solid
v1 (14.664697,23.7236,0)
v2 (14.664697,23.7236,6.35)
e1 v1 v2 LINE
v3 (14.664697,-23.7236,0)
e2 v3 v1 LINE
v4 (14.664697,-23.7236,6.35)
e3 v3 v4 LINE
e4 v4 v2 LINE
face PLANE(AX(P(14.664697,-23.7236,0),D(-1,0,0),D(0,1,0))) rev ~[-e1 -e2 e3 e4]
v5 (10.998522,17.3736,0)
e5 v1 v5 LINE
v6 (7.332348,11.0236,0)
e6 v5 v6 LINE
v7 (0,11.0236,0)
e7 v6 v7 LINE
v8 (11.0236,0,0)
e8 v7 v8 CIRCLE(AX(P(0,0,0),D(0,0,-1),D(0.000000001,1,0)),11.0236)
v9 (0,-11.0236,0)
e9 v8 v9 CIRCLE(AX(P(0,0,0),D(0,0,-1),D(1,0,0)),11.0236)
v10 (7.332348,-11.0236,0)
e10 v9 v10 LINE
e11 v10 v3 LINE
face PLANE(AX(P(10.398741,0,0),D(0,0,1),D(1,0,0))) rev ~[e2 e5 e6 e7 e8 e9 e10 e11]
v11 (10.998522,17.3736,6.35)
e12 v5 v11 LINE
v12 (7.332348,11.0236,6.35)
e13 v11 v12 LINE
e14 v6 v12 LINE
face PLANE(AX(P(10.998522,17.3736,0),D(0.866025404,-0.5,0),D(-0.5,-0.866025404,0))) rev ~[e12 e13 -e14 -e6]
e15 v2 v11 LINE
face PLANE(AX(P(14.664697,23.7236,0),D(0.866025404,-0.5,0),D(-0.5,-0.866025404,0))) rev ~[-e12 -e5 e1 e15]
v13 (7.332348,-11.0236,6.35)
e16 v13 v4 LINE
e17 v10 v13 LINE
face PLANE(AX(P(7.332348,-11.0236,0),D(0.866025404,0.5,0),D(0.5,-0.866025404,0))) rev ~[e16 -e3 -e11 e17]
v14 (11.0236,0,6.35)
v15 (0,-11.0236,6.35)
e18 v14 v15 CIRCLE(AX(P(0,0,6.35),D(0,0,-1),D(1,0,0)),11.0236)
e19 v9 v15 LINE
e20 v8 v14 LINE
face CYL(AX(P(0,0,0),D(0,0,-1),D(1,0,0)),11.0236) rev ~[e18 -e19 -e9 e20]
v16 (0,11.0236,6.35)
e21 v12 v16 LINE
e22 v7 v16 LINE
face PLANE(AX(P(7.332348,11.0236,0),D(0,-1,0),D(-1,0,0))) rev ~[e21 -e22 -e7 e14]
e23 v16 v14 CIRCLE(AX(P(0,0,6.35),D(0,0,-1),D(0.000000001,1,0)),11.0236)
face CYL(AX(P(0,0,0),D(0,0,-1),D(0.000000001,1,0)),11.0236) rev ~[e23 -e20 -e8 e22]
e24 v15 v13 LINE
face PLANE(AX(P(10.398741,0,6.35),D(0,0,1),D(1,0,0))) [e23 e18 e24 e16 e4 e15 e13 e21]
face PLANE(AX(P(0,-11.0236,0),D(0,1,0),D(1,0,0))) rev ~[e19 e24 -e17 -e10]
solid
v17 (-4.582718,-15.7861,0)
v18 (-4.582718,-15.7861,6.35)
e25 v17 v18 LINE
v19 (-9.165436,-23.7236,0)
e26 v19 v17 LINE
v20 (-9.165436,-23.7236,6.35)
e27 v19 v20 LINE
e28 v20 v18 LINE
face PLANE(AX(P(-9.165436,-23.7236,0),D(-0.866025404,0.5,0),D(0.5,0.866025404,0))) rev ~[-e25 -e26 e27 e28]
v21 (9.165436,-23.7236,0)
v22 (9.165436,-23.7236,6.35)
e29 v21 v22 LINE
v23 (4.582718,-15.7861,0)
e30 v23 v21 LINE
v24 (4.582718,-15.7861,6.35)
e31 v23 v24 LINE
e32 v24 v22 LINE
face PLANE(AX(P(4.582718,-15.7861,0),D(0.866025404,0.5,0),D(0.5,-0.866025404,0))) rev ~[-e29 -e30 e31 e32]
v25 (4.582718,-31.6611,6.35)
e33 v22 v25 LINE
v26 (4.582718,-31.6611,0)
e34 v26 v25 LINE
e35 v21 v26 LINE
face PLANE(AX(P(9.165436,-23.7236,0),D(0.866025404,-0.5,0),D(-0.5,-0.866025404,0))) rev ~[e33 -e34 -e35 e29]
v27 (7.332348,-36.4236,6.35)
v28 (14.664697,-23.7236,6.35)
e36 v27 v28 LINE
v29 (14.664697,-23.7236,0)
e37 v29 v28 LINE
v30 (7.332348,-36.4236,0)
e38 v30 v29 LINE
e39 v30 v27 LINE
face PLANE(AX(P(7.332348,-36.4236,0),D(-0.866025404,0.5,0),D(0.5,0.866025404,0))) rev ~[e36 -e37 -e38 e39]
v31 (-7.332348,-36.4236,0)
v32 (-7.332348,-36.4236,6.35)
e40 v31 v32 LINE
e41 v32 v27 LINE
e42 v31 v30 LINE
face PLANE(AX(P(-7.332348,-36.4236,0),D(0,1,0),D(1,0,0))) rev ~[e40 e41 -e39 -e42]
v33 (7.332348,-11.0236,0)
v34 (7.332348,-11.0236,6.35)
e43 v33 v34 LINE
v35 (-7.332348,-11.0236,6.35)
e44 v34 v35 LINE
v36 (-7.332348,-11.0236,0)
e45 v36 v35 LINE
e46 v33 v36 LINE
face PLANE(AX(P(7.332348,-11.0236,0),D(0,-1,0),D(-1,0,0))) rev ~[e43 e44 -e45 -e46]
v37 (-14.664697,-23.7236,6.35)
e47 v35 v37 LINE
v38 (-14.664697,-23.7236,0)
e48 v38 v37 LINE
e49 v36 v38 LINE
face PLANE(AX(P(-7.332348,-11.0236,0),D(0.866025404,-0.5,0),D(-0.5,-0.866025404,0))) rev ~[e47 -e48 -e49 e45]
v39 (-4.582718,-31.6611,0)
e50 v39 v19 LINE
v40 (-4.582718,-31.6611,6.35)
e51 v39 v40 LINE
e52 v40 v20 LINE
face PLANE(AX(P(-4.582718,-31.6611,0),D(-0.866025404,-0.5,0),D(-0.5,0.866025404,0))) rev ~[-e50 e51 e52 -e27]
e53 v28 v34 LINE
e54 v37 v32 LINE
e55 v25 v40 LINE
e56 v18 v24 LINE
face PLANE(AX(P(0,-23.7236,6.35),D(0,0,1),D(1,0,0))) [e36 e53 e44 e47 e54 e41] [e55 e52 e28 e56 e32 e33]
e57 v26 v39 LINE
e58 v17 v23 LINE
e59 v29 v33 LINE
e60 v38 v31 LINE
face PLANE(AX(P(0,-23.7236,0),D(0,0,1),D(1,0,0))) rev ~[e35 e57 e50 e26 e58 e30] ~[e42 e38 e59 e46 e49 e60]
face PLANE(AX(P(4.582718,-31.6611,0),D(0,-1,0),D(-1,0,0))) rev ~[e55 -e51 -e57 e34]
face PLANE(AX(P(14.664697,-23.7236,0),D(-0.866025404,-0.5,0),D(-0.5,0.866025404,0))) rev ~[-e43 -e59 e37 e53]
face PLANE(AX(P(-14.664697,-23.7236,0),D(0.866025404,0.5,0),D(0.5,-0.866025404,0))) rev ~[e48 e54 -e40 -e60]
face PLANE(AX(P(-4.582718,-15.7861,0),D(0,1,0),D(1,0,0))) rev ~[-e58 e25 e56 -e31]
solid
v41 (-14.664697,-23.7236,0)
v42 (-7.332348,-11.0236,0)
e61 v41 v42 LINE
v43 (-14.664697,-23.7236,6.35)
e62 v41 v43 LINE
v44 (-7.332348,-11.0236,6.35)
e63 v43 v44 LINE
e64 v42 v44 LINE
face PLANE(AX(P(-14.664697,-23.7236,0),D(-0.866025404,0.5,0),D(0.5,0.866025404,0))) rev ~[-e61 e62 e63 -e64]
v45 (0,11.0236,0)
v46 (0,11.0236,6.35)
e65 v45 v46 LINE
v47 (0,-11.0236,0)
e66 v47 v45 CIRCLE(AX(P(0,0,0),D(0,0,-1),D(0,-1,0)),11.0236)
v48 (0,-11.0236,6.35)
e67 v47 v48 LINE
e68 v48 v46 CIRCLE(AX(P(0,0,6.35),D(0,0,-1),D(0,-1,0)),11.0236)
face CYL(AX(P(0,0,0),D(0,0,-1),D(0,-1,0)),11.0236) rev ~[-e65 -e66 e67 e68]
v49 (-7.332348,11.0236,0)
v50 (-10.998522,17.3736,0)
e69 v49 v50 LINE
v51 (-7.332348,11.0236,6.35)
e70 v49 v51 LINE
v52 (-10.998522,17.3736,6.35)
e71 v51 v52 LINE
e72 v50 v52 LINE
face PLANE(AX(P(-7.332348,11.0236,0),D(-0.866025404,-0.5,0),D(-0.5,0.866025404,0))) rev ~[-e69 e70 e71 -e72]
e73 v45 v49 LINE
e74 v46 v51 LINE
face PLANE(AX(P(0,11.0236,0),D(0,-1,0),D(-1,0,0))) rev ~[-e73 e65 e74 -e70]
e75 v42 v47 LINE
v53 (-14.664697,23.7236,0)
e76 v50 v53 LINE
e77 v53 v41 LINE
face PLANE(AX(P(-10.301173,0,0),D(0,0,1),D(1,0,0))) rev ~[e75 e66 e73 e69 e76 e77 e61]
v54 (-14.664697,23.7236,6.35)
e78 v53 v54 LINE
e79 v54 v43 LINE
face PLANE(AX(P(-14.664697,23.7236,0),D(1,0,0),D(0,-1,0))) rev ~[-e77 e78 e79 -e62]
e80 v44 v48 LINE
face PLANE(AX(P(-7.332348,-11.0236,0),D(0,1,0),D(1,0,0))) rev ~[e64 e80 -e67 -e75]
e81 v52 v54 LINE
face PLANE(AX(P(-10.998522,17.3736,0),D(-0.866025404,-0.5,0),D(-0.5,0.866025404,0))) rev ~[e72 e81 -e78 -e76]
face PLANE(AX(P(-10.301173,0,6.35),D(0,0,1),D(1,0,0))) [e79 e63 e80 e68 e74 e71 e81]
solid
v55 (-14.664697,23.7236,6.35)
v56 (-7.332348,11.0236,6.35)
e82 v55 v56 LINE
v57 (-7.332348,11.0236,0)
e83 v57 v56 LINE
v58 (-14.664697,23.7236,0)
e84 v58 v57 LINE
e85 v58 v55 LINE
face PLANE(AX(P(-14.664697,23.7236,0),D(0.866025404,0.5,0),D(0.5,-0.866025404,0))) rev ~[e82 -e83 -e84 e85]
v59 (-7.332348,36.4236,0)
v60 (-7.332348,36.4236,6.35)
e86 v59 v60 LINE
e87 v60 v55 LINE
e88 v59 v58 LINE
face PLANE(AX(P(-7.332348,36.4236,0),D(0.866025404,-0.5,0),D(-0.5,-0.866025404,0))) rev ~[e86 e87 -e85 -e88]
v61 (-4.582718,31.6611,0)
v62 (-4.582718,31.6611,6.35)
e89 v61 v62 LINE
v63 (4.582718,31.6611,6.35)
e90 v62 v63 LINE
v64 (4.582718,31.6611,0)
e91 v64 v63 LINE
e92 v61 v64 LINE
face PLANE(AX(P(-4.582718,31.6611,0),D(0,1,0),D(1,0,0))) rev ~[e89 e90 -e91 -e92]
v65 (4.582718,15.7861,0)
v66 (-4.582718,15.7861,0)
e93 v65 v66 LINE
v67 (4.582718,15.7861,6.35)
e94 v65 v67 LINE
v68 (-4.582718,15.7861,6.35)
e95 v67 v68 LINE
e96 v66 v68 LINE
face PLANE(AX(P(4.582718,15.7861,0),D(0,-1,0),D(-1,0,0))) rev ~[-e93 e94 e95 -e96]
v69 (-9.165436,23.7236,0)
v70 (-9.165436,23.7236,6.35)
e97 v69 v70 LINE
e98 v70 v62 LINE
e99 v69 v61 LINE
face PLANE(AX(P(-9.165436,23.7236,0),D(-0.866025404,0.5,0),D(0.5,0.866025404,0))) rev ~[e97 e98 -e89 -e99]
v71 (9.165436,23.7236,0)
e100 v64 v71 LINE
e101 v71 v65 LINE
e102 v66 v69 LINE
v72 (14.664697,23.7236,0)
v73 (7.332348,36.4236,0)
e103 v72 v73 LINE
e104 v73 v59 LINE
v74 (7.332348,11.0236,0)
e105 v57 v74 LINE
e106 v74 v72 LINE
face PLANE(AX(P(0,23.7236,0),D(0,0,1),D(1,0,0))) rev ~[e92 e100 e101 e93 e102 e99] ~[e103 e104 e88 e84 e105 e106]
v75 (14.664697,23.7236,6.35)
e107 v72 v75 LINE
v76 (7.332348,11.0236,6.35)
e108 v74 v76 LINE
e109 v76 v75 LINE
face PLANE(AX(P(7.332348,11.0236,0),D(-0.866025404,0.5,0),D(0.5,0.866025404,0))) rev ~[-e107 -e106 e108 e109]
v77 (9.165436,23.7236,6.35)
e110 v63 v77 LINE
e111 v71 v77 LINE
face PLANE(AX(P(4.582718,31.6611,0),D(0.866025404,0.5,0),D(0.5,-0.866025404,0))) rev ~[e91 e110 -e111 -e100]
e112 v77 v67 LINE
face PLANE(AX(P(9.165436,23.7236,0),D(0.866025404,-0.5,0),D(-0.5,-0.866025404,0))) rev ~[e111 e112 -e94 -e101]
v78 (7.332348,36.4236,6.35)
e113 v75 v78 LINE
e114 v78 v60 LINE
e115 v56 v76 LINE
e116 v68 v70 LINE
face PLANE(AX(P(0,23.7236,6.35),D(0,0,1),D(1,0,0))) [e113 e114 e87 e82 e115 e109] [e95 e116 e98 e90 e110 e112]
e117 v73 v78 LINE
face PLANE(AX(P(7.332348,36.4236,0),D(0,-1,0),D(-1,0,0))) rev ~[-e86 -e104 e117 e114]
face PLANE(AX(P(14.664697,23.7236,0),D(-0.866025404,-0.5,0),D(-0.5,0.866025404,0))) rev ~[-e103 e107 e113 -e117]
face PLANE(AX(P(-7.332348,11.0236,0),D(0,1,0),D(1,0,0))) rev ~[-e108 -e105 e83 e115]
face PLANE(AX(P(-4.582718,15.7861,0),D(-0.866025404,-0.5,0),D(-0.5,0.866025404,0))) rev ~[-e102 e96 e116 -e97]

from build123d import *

# Parameters (mm, degrees)
F2_DEPTH = 6.35


with BuildPart() as f2:
    # F0 (on Top) → F2 (new body)
    with BuildSketch(Plane.XY):
        Polygon((-7.3323484187, 11.0236), (0, 11.0236), (7.3323484187, 11.0236), (14.6646968374, 23.7236), (7.3323484187, 36.4236), (-7.3323484187, 36.4236), (-14.6646968374, 23.7236), align=None)
        Polygon((9.1654355234, 23.7236), (4.5827177617, 15.7861), (-4.5827177617, 15.7861), (-9.1654355234, 23.7236), (-4.5827177617, 31.6611), (4.5827177617, 31.6611), align=None, mode=Mode.SUBTRACT)
    extrude(amount=F2_DEPTH)


with BuildPart() as f2b:
    # F0 (on Top) → F2, piece 2 (new body)
    with BuildSketch(Plane.XY):
        Polygon((7.3323484187, -11.0236), (0, -11.0236), (-7.3323484187, -11.0236), (-14.6646968374, -23.7236), (-7.3323484187, -36.4236), (7.3323484187, -36.4236), (14.6646968374, -23.7236), align=None)
        Polygon((4.5827177617, -15.7861), (9.1654355234, -23.7236), (4.5827177617, -31.6611), (-4.5827177617, -31.6611), (-9.1654355234, -23.7236), (-4.5827177617, -15.7861), align=None, mode=Mode.SUBTRACT)
    extrude(amount=F2_DEPTH)


with BuildPart() as f2c:
    # F1 (on Top) → F2, piece 3 (new body)
    with BuildSketch(Plane.XY):
        with BuildLine():
            ThreePointArc((0, -11.0236), (-11.0236, 5.2e-09), (1.03e-08, 11.0236))
            Line((1.03e-08, 11.0236), (-7.3323484187, 11.0236))
            Line((-7.3323484187, 11.0236), (-10.9985224446, 17.3735996823))
            Line((-10.9985224446, 17.3735996823), (-14.6646968374, 23.7236))
            Line((-14.6646968374, 23.7236), (-14.6646968374, -23.7236))
            Line((-14.6646968374, -23.7236), (-7.3323484187, -11.0236))
            Line((-7.3323484187, -11.0236), (0, -11.0236))
        make_face()
    extrude(amount=F2_DEPTH)


with BuildPart() as f2d:
    # F1 (on Top) → F2, piece 4 (new body)
    with BuildSketch(Plane.XY):
        with BuildLine():
            Line((14.6646968374, 23.7236), (10.9985223809, 17.373599572))
            Line((10.9985223809, 17.373599572), (7.3323484187, 11.0236))
            Line((7.3323484187, 11.0236), (1.03e-08, 11.0236))
            ThreePointArc((1.03e-08, 11.0236), (7.7948623167, 7.7948623094), (11.0236, 0))
            ThreePointArc((11.0236, 0), (7.7948623131, -7.7948623131), (0, -11.0236))
            Line((0, -11.0236), (7.3323484187, -11.0236))
            Line((7.3323484187, -11.0236), (14.6646968374, -23.7236))
            Line((14.6646968374, -23.7236), (14.6646968374, 23.7236))
        make_face()
    extrude(amount=F2_DEPTH)


solid = Compound([f2.part, f2b.part, f2c.part, f2d.part])
